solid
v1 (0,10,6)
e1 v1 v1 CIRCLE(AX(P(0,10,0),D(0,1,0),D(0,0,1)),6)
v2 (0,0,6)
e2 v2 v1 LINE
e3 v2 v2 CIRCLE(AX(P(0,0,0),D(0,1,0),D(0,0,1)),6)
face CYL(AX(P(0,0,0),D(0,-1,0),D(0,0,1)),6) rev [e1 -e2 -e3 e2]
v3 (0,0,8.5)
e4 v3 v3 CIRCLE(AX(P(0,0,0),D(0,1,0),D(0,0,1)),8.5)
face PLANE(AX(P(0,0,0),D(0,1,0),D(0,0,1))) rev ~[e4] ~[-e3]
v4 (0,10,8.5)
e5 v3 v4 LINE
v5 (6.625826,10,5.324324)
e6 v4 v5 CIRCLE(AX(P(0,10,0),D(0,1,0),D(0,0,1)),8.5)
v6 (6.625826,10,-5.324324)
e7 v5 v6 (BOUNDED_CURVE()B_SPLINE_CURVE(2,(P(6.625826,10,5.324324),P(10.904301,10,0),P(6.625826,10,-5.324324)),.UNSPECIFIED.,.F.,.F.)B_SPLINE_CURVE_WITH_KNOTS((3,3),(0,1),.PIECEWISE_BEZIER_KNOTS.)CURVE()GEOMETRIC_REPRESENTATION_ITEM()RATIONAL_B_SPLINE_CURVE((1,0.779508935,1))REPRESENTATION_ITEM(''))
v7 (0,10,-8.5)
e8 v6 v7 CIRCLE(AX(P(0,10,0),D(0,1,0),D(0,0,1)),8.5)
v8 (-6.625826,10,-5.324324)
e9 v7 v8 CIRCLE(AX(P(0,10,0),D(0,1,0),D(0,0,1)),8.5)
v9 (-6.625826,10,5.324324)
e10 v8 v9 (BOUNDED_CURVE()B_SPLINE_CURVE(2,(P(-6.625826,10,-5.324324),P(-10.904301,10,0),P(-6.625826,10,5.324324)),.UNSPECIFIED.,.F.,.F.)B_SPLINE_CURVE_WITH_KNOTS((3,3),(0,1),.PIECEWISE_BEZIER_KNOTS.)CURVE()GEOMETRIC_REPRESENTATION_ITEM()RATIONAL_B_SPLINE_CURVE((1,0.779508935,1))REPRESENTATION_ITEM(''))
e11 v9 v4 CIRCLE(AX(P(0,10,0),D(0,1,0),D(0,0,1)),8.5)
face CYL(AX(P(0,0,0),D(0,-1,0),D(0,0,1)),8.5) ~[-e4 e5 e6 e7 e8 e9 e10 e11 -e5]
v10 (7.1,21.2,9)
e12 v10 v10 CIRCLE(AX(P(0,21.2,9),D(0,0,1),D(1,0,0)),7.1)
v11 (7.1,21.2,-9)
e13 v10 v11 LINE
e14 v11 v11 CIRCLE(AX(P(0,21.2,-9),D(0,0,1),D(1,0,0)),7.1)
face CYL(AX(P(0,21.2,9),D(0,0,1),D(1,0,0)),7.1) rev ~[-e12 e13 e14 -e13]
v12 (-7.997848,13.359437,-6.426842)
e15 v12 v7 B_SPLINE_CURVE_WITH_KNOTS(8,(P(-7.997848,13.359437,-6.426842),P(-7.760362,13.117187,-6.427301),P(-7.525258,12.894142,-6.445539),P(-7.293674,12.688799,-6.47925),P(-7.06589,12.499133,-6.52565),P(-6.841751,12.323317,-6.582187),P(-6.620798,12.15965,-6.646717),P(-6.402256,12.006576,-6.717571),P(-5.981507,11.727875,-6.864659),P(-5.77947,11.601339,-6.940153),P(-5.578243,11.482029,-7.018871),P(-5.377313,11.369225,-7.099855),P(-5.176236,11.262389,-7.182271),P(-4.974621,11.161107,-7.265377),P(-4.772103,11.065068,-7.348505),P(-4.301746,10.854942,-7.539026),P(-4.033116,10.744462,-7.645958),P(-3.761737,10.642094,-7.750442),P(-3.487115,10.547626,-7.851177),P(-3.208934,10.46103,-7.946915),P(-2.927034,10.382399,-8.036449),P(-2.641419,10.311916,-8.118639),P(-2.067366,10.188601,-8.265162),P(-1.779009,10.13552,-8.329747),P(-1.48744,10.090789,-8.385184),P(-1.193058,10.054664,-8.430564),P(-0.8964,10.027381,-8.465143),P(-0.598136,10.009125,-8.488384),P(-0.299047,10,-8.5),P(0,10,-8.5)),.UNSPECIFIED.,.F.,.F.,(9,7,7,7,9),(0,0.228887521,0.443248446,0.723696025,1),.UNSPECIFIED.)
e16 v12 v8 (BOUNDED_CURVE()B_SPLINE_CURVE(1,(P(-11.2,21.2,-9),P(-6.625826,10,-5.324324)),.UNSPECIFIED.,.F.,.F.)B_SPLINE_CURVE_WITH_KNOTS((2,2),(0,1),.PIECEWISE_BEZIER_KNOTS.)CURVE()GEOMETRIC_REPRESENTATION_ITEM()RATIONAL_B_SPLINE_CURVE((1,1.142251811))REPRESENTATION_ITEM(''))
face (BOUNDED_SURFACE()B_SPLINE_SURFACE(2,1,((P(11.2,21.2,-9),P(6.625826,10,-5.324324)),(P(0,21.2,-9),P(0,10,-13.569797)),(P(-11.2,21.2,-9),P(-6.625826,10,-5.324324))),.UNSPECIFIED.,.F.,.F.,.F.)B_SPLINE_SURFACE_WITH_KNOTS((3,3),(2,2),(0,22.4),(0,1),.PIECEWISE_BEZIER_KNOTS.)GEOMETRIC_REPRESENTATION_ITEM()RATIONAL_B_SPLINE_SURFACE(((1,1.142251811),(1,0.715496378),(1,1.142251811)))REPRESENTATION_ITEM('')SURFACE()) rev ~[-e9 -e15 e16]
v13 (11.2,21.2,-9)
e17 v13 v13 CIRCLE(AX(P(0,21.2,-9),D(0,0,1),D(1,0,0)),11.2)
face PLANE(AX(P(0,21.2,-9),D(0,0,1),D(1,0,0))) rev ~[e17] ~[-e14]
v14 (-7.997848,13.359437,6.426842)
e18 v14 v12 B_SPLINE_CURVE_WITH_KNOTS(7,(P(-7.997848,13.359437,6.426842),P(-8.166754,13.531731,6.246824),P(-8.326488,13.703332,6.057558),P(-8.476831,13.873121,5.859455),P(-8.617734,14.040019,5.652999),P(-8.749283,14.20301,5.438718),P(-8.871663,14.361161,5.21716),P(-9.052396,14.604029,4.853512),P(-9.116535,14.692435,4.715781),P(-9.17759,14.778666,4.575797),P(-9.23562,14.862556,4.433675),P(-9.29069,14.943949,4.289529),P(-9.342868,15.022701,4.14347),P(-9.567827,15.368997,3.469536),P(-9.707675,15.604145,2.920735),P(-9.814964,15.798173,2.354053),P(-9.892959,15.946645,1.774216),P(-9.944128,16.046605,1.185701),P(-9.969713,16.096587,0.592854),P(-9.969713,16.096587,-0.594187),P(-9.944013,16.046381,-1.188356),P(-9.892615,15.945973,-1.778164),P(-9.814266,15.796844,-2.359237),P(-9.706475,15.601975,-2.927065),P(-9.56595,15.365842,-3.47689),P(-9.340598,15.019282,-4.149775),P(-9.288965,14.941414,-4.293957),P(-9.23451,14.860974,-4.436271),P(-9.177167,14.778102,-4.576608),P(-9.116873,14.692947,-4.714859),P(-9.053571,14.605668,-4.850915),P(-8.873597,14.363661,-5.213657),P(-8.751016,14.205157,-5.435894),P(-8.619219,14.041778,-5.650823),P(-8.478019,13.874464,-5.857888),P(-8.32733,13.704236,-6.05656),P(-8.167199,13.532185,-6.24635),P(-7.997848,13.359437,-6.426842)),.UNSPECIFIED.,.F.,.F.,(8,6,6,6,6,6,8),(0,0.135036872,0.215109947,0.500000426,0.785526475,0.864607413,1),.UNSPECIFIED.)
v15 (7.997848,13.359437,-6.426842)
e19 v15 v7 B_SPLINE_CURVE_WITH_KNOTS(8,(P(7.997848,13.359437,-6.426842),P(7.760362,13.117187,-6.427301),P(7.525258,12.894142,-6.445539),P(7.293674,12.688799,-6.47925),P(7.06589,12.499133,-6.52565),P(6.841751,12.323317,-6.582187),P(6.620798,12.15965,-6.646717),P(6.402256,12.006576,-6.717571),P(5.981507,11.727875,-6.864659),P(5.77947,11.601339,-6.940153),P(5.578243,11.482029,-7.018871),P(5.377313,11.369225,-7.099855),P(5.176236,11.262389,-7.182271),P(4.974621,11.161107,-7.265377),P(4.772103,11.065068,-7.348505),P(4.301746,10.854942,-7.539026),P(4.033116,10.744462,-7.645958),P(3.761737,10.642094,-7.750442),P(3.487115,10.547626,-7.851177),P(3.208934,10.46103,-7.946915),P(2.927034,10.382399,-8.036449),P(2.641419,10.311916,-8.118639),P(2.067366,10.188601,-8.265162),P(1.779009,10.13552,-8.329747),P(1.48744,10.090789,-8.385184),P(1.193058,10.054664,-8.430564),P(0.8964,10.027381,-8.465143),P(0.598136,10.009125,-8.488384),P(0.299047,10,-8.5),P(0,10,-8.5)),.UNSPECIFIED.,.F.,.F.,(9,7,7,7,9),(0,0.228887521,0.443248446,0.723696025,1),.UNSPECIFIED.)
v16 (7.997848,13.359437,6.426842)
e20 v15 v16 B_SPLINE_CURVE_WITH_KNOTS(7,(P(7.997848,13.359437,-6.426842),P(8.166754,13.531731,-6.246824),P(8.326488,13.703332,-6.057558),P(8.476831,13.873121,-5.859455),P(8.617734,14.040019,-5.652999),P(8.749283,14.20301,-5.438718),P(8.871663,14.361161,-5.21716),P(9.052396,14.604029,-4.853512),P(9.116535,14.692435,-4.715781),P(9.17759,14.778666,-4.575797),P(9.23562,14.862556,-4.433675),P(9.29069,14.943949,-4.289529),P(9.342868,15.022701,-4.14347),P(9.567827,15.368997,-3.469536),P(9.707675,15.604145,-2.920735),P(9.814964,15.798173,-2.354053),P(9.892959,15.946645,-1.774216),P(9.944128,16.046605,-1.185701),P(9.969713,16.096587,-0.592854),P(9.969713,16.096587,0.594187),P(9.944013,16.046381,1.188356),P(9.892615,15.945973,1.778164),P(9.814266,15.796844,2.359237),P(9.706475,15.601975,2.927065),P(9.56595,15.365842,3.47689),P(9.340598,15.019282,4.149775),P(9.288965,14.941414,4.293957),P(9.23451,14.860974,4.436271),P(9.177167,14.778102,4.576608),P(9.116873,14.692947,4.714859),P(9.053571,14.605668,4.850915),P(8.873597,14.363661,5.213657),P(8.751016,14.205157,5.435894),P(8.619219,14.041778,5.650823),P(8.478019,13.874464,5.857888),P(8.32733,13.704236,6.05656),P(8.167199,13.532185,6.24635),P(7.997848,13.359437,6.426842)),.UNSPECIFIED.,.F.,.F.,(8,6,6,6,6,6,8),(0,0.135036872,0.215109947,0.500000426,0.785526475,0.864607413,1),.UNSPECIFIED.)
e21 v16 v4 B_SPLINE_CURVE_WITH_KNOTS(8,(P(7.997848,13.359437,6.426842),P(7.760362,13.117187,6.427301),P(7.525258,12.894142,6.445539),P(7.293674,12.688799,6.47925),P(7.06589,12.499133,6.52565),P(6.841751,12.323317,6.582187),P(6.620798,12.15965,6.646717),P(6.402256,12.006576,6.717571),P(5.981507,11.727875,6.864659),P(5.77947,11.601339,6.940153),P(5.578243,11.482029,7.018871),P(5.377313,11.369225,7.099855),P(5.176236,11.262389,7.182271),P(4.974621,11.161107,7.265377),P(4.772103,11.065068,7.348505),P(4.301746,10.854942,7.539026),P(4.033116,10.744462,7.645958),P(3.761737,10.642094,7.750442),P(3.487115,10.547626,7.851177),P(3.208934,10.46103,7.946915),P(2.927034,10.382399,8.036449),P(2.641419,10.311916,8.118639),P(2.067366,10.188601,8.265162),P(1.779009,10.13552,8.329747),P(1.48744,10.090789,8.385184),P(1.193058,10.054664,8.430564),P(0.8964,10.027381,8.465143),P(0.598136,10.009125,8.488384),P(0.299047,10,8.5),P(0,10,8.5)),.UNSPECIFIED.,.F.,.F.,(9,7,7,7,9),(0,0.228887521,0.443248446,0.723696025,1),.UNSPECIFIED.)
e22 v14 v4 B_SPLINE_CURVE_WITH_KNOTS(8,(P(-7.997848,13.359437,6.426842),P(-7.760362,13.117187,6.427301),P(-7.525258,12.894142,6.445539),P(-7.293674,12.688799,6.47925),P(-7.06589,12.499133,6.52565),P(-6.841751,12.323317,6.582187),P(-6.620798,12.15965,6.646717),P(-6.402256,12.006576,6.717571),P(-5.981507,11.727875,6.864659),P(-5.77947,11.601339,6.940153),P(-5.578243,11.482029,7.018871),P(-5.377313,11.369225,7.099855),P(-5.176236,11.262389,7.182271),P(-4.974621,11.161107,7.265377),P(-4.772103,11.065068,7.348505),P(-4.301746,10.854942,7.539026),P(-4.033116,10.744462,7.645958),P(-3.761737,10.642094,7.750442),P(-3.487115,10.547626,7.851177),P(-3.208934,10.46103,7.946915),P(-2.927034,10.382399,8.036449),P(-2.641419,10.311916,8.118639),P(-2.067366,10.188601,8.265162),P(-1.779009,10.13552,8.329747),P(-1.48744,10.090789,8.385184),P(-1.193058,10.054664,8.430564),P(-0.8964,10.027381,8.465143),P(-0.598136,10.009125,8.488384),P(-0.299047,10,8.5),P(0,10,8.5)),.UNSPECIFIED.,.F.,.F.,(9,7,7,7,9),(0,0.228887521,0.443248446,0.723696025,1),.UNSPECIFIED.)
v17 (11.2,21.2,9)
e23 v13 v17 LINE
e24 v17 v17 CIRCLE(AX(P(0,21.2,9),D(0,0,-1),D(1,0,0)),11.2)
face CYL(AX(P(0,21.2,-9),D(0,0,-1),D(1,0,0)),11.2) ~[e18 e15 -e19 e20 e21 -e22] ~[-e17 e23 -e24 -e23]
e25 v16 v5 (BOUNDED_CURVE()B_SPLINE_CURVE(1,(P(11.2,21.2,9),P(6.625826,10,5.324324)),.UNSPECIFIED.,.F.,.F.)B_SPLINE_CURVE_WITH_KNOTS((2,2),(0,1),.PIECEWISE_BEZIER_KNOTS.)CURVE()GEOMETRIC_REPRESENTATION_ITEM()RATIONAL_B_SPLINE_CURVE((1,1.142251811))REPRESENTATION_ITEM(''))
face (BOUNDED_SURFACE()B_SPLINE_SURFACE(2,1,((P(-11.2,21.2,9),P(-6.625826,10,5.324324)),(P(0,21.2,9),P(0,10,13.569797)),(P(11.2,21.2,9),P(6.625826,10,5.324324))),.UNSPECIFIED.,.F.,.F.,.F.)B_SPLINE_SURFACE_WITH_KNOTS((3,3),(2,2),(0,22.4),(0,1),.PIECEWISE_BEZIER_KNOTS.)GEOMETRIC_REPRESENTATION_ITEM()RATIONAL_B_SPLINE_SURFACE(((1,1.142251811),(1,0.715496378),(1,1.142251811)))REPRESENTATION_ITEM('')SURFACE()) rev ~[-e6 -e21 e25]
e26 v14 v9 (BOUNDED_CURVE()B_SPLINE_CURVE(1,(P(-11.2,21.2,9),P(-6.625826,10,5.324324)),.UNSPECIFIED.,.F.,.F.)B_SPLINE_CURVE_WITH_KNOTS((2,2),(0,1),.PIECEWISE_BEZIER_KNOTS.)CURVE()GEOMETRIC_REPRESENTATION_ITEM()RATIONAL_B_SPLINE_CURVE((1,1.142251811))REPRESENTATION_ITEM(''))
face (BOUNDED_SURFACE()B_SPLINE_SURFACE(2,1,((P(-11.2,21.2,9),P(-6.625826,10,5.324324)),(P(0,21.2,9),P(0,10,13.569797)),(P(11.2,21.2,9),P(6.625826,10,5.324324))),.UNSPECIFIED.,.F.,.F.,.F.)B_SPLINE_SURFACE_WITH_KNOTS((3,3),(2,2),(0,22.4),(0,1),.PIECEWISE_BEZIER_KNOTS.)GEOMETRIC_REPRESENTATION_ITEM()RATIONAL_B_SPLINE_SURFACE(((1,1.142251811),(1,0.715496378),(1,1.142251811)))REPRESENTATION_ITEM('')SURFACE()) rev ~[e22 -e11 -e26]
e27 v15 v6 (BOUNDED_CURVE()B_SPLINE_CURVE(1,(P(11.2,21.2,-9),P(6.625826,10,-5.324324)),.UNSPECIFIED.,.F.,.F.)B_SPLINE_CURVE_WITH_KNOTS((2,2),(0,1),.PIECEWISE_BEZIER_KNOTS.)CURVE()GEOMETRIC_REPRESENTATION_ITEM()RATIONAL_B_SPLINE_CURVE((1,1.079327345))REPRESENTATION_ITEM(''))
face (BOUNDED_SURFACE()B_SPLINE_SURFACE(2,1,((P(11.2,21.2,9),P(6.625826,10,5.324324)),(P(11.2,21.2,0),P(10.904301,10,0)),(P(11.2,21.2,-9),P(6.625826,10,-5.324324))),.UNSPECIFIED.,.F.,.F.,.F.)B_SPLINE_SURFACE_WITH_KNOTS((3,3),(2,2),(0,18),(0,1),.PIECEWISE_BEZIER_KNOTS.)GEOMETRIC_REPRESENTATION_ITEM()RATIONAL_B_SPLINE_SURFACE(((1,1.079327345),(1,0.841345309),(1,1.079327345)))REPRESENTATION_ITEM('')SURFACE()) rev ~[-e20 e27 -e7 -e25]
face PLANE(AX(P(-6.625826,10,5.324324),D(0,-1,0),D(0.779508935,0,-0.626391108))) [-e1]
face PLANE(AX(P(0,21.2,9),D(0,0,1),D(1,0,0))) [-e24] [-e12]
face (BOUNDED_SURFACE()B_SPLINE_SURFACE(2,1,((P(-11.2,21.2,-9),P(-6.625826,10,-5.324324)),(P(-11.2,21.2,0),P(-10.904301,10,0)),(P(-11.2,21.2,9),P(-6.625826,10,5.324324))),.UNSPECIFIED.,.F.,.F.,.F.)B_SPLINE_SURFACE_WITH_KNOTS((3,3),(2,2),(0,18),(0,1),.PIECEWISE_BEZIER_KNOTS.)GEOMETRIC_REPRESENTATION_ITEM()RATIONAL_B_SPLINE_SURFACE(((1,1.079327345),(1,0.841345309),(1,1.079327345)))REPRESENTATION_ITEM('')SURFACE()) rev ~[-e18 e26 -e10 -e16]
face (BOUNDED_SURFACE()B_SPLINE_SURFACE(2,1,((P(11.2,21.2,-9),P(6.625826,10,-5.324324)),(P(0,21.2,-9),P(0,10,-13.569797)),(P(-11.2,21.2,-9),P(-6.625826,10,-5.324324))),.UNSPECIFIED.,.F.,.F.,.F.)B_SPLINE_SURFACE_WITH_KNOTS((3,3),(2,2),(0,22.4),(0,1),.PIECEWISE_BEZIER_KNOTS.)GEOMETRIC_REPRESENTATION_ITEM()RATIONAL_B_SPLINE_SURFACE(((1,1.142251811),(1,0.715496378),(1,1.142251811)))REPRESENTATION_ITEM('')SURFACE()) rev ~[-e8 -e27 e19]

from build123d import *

# Parameters (mm, degrees)
SKETCH1_R                = 8.5
SKETCH1_R_2              = 6
BOSS_EXTRUDE1_DEPTH      = 10
BOSS_EXTRUDE2_DEPTH      = 9
BOSS_EXTRUDE2_DEPTH_BACK = 9
SKETCH3_R                = 11.2
SKETCH8_R                = 7.1
CUT_EXTRUDE1_DEPTH       = 18


with BuildPart() as part:
    # Sketch1 → Boss-Extrude1 (new body)
    with BuildSketch(Plane(origin=(0, 0, 0), x_dir=(1, 0, 0), z_dir=(0, 1, 0))):
        with Locations(Location((0, 0, 0), (0, 0, 270))):
            Circle(SKETCH1_R)
        with Locations(Location((0, 0, 0), (0, 0, 270))):
            Circle(SKETCH1_R_2, mode=Mode.SUBTRACT)
    extrude(amount=BOSS_EXTRUDE1_DEPTH)



with BuildPart() as body_2:
    # Sketch3 → Boss-Extrude2 (new, two sides: drawn at the far end of the back side and taken through both)
    with BuildSketch(Plane.XY.offset(-BOSS_EXTRUDE2_DEPTH_BACK)):
        with Locations((0, 21.2)):
            Circle(SKETCH3_R)
    extrude(amount=BOSS_EXTRUDE2_DEPTH + BOSS_EXTRUDE2_DEPTH_BACK)


with BuildPart() as part_1:
    add(part.part)

    add(body_2.part)  # Loft1 merges body 2
    # Sketch7 → Loft1 section 0
    with BuildSketch(Plane(origin=(0, 21.2, 0), x_dir=(1, 0, 0), z_dir=(0, 1, 0))):
        with BuildLine():
            Line((-11.2, -9), (11.2, -9))
            Line((11.2, -9), (11.2, 9))
            Line((11.2, 9), (-11.2, 9))
            Line((-11.2, 9), (-11.2, -9))
        make_face()
    # Sketch6 for Loft1 → Loft1 section 1
    with BuildSketch(Plane(origin=(0, 10, 0), x_dir=(1, 0, 0), z_dir=(0, 1, 0))):
        with BuildLine():
            # circular arc as an exact rational Bezier (weights 1, cos(half-angle), 1)
            Bezier((-6.625825946, -5.324324421), (0, -13.569796708), (6.625825946, -5.324324421), weights=[1, 0.626391108, 1])
            Bezier((6.625825946, -5.324324421), (10.904300926, 0), (6.625825946, 5.324324421), weights=[1, 0.779508935, 1])
            Bezier((6.625825946, 5.324324421), (0, 13.569796708), (-6.625825946, 5.324324421), weights=[1, 0.626391108, 1])
            Bezier((-6.625825946, 5.324324421), (-10.904300926, 0), (-6.625825946, -5.324324421), weights=[1, 0.779508935, 1])
        make_face()
    loft()

    # Sketch8 → Cut-Extrude1 (cut)
    with BuildSketch(Plane.XY.offset(9)):
        with Locations((0, 21.2)):
            Circle(SKETCH8_R)
    extrude(amount=-CUT_EXTRUDE1_DEPTH, mode=Mode.SUBTRACT)


solid = part_1.part
